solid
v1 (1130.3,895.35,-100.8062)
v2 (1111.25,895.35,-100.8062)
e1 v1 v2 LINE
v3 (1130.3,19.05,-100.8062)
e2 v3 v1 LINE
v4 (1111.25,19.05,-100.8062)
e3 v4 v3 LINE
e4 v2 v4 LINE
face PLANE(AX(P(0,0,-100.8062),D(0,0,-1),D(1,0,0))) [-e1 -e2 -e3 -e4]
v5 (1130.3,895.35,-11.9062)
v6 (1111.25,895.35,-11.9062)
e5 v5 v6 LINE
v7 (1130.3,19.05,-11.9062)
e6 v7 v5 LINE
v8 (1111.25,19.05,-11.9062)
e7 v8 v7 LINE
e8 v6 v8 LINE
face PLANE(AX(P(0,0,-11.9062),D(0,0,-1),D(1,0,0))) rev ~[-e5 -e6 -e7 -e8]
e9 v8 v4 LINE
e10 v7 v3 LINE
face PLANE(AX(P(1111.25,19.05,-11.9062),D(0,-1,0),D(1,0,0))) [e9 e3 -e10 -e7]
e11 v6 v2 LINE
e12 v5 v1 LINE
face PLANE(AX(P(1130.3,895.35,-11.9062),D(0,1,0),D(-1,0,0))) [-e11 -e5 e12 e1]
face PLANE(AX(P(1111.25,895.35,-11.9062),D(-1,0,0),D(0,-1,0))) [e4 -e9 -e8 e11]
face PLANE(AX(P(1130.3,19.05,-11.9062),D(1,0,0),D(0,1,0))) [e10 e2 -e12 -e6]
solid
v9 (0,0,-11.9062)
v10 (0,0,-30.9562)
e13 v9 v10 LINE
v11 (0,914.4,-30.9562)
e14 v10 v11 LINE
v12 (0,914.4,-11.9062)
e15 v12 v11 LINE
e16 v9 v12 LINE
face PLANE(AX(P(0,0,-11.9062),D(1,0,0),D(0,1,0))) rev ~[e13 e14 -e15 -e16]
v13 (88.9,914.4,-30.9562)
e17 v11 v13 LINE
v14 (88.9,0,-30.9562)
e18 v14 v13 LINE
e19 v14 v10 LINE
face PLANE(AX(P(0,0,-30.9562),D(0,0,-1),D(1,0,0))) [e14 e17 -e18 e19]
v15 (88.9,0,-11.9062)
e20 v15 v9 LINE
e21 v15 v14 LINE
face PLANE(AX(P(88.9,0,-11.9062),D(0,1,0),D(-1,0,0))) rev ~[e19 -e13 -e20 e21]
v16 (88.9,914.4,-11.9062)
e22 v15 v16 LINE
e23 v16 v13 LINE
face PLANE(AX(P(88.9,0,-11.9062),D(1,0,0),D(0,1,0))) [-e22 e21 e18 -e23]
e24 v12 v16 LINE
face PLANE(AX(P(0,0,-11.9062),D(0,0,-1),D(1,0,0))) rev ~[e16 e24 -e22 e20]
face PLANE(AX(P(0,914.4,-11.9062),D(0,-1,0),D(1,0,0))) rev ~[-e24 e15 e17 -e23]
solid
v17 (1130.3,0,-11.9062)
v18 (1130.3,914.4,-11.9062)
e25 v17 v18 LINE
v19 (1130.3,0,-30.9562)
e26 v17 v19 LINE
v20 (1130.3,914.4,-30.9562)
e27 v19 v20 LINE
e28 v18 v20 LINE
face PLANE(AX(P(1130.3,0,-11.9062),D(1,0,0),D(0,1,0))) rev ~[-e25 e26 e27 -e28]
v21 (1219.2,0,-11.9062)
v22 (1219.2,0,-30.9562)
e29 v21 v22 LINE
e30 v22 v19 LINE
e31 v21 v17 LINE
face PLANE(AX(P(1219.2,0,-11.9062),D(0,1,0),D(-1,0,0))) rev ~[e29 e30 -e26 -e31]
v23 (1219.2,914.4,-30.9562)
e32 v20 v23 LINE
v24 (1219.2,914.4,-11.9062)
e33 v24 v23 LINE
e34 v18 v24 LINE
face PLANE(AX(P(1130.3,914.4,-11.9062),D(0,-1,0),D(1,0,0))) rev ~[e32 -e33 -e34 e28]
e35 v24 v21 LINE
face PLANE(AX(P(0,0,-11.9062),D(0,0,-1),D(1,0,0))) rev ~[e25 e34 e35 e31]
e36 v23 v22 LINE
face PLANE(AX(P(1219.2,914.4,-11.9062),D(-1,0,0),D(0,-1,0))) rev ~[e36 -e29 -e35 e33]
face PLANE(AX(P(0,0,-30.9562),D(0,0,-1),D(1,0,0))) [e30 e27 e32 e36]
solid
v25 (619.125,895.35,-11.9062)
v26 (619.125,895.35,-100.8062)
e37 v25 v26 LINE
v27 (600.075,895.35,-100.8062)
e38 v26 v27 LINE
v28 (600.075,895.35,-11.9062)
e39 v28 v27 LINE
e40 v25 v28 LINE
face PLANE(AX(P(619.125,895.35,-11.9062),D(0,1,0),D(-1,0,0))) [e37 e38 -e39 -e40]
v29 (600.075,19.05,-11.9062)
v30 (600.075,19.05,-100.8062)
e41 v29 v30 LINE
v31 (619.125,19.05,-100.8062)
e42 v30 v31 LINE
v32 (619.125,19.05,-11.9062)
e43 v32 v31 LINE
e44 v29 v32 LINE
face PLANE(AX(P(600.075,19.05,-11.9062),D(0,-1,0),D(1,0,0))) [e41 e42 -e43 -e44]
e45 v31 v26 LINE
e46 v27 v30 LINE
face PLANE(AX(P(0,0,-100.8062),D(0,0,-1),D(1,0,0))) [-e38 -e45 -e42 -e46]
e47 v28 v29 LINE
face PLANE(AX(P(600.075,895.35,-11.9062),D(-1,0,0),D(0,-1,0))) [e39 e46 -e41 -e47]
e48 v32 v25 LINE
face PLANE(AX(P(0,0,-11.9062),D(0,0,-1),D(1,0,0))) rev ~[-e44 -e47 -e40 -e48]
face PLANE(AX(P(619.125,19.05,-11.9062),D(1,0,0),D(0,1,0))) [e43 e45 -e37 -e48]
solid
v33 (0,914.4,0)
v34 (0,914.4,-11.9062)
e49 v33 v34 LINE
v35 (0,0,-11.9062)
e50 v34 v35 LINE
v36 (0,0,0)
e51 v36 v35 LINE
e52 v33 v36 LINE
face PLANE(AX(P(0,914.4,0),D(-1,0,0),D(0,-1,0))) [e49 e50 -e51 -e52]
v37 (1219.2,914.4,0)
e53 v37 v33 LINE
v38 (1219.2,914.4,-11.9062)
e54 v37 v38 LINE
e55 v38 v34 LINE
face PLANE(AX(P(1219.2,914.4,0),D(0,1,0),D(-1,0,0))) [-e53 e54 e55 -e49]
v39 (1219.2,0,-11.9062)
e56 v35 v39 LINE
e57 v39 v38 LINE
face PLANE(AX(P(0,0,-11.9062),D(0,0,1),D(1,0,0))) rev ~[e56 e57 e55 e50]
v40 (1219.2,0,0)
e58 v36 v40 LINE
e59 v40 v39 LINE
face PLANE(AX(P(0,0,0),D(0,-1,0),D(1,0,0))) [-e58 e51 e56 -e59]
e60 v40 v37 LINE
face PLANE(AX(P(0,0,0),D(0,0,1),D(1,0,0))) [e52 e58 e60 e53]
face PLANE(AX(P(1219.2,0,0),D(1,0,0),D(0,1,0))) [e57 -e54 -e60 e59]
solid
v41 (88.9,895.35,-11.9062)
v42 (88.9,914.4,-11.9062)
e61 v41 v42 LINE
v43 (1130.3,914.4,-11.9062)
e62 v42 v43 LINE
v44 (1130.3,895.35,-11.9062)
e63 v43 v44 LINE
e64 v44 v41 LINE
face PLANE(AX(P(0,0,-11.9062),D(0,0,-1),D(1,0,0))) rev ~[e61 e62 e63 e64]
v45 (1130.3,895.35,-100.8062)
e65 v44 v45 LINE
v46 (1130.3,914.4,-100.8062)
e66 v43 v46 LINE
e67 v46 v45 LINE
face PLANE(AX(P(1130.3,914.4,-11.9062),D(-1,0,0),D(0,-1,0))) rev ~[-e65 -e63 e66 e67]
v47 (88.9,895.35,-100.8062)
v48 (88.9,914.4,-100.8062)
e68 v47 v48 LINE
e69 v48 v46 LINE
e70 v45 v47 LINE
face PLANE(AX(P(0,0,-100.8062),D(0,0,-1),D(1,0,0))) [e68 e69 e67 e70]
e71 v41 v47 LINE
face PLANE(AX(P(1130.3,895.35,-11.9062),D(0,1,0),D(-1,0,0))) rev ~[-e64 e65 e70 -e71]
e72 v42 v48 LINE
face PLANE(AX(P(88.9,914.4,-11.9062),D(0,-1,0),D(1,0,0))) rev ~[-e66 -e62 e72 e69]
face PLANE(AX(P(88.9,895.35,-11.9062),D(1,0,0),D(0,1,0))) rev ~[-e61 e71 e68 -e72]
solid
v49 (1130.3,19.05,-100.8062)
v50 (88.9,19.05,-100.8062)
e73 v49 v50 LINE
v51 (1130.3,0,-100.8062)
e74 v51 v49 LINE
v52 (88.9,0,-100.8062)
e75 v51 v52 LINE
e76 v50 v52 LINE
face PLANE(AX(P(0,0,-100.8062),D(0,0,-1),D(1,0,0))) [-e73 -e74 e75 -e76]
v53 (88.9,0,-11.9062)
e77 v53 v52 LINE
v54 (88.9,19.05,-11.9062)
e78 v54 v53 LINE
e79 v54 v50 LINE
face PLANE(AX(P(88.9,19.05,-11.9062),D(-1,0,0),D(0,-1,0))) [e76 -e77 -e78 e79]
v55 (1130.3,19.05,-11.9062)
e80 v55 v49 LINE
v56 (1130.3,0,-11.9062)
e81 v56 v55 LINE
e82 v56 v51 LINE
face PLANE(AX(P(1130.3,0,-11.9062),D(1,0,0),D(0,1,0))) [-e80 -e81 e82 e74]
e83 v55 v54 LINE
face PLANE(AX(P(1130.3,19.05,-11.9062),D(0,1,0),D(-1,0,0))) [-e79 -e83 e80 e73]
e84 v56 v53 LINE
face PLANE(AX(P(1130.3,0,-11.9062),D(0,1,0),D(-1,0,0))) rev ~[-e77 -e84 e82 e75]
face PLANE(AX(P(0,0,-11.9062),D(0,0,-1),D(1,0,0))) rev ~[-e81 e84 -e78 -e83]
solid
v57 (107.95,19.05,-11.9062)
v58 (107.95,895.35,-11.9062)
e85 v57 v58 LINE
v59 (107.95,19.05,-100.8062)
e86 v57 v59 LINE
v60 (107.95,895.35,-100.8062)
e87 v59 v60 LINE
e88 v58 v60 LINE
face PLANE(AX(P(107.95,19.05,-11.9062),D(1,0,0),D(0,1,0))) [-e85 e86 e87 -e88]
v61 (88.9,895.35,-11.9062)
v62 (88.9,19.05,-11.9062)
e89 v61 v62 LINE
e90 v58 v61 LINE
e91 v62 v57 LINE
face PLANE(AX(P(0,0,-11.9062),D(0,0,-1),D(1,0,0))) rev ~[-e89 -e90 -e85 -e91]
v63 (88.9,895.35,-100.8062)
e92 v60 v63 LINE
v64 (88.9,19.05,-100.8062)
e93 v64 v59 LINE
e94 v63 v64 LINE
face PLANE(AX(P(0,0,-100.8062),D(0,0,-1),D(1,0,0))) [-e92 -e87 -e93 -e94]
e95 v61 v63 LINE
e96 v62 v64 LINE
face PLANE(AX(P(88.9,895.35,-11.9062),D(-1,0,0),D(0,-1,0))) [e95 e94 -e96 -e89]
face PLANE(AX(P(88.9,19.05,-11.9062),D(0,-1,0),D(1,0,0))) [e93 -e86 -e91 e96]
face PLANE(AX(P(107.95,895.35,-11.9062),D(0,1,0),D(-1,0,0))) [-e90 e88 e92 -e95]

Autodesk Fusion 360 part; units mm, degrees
sketch "Sketch1" plane through (0, 0, 0) normal (0, 0, 1) x (1, 0, 0) in component "Component"
  line L0 (0, 0) -> (1219.2, 0)
  line L1 (1219.2, 0) -> (1219.2, 914.4)
  line L2 (1219.2, 914.4) -> (0, 914.4)
  line L3 (0, 914.4) -> (0, 0)
  dimension "d6" = 1219.2
  dimension "d7" = 914.4
extrude "Extrude1" add sketch "Sketch1" against normal blind 11.9062 makes body 1 in component "Component"
sketch "Sketch1 (2)" plane through (0, 0, -11.9062) normal (0, 0, -1) x (1, 0, 0) in component "Component'"
  line L0 (0, 0) -> (0, -914.4)
  line L1 (0, -914.4) -> (1219.2, -914.4)
  line L2 (1219.2, -914.4) -> (1219.2, 0)
  line L3 (1219.2, 0) -> (0, 0)
  line L4 (0, 0) -> (88.9, 0)
  line L5 (88.9, 0) -> (88.9, -914.4)
  line L6 (88.9, -914.4) -> (0, -914.4)
  line L7 (0, -914.4) -> (0, 0)
  line L8 (609.6, 0) -> (609.6, -914.4) construction
  line L9 (1219.2, -914.4) -> (1219.2, 0)
  line L10 (1219.2, 0) -> (1130.3, 0)
  line L11 (1130.3, 0) -> (1130.3, -914.4)
  line L12 (1130.3, -914.4) -> (1219.2, -914.4)
  dimension "d10" = 914.4
  dimension "d11" = 88.9
extrude "Extrude1'" add sketch "Sketch1 (2)" along normal blind 19.05 separate body contours L0 L1 L3 L4 L5 L6 L7 | L1 L2 L3 L9 L10 L11 L12 makes body 2 at (1159.9333, 304.8, -11.9062) makes body 3 at (59.2667, 609.6, -11.9062) in component "Component'"
sketch "Sketch1 (3)" plane through (0, 0, -11.9062) normal (0, 0, -1) x (1, 0, 0) in component "Component'''"
  line L0 (0, 0) -> (0, -914.4)
  line L1 (0, -914.4) -> (1219.2, -914.4)
  line L2 (1219.2, -914.4) -> (1219.2, 0)
  line L3 (1219.2, 0) -> (0, 0)
  line L4 (88.9, 0) -> (1130.3, 0)
  line L5 (1130.3, 0) -> (1130.3, -19.05)
  line L6 (1130.3, -19.05) -> (88.9, -19.05)
  line L7 (88.9, -19.05) -> (88.9, 0)
  line L8 (0, -457.2) -> (1219.2, -457.2) construction
  line L9 (1130.3, -895.35) -> (88.9, -895.35)
  line L10 (88.9, -914.4) -> (1130.3, -914.4)
  line L11 (88.9, -895.35) -> (88.9, -914.4)
  line L12 (1130.3, -914.4) -> (1130.3, -895.35)
  dimension "d14" = 19.05
  dimension "d24" = 1041.4
extrude "Extrude1''" add sketch "Sketch1 (3)" along normal blind 88.9 separate body contours L3 L4 L5 L6 L7 | L1 L9 L10 L11 L12 makes body 4 at (783.1667, 895.35, -41.5396) makes body 5 at (783.1667, 0, -41.5396) in component "Component'''"
sketch "Sketch2" plane through (0, 0, -11.9062) normal (0, 0, -1) x (1, 0, 0) in component "Component''"
  line L0 (0, 0) -> (0, -914.4)
  line L1 (0, -914.4) -> (1219.2, -914.4)
  line L2 (1219.2, -914.4) -> (1219.2, 0)
  line L3 (1219.2, 0) -> (0, 0)
  line L4 (88.9, -19.05) -> (107.95, -19.05)
  line L5 (107.95, -19.05) -> (107.95, -895.35)
  line L6 (107.95, -895.35) -> (88.9, -895.35)
  line L7 (88.9, -895.35) -> (88.9, -19.05)
  line L8 (1130.3, -895.35) -> (88.9, -895.35)
  line L9 (600.075, -895.35) -> (600.075, -19.05)
  line L10 (619.125, -19.05) -> (619.125, -895.35)
  line L11 (619.125, -895.35) -> (600.075, -895.35)
  line L12 (600.075, -19.05) -> (619.125, -19.05)
  line L13 (1111.25, -895.35) -> (1111.25, -19.05)
  line L14 (1130.3, -19.05) -> (1130.3, -895.35)
  line L15 (1130.3, -895.35) -> (1111.25, -895.35)
  line L16 (1111.25, -19.05) -> (1130.3, -19.05)
  dimension "d17" = 19.05
  dimension "d20" = 1022.35
  dimension "d21" = 0
extrude "Extrude1'''" add sketch "Sketch2" along normal blind 88.9 separate body contours L8 L13 L14 L15 L16 | L8 L9 L10 L11 L12 | L4 L5 L6 L7 L8 makes body 6 at (1111.25, 603.25, -41.5396) makes body 7 at (600.075, 603.25, -41.5396) makes body 8 at (107.95, 311.15, -41.5396) in component "Component''"
component "Component" placed x (1, 0, 0) y (0, 1, 0) z (0, 0, 1) at (0, 0, 0)
component "Component'" placed x (1, 0, 0) y (0, 1, 0) z (0, 0, 1) at (0, 0, 0)
component "Component''" placed x (1, 0, 0) y (0, 1, 0) z (0, 0, 1) at (0, 0, 0)
component "Component'''" placed x (1, 0, 0) y (0, 1, 0) z (0, 0, 1) at (0, 0, 0)
equation "workbenchWidth = 36 in"
equation "workbenchLength = 48 in"
equation "plywoodThickness = ( 15 / 32 ) * 1 in"
equation "_1x = 0.75 in"
equation "x4 = 3.5 in"
equation "d6 = workbenchLength"
equation "d7 = workbenchWidth"
equation "d8 = -1 * plywoodThickness"
equation "d10 = workbenchWidth"
equation "d11 = x4"
equation "d12 = _1x"
equation "d14 = _1x"
equation "d15 = x4"
equation "d17 = _1x"
equation "d20 = workbenchLength - ( 2 * x4 ) - _1x"
equation "d22 = x4"
equation "d24 = workbenchLength - ( 2 * x4 )"
